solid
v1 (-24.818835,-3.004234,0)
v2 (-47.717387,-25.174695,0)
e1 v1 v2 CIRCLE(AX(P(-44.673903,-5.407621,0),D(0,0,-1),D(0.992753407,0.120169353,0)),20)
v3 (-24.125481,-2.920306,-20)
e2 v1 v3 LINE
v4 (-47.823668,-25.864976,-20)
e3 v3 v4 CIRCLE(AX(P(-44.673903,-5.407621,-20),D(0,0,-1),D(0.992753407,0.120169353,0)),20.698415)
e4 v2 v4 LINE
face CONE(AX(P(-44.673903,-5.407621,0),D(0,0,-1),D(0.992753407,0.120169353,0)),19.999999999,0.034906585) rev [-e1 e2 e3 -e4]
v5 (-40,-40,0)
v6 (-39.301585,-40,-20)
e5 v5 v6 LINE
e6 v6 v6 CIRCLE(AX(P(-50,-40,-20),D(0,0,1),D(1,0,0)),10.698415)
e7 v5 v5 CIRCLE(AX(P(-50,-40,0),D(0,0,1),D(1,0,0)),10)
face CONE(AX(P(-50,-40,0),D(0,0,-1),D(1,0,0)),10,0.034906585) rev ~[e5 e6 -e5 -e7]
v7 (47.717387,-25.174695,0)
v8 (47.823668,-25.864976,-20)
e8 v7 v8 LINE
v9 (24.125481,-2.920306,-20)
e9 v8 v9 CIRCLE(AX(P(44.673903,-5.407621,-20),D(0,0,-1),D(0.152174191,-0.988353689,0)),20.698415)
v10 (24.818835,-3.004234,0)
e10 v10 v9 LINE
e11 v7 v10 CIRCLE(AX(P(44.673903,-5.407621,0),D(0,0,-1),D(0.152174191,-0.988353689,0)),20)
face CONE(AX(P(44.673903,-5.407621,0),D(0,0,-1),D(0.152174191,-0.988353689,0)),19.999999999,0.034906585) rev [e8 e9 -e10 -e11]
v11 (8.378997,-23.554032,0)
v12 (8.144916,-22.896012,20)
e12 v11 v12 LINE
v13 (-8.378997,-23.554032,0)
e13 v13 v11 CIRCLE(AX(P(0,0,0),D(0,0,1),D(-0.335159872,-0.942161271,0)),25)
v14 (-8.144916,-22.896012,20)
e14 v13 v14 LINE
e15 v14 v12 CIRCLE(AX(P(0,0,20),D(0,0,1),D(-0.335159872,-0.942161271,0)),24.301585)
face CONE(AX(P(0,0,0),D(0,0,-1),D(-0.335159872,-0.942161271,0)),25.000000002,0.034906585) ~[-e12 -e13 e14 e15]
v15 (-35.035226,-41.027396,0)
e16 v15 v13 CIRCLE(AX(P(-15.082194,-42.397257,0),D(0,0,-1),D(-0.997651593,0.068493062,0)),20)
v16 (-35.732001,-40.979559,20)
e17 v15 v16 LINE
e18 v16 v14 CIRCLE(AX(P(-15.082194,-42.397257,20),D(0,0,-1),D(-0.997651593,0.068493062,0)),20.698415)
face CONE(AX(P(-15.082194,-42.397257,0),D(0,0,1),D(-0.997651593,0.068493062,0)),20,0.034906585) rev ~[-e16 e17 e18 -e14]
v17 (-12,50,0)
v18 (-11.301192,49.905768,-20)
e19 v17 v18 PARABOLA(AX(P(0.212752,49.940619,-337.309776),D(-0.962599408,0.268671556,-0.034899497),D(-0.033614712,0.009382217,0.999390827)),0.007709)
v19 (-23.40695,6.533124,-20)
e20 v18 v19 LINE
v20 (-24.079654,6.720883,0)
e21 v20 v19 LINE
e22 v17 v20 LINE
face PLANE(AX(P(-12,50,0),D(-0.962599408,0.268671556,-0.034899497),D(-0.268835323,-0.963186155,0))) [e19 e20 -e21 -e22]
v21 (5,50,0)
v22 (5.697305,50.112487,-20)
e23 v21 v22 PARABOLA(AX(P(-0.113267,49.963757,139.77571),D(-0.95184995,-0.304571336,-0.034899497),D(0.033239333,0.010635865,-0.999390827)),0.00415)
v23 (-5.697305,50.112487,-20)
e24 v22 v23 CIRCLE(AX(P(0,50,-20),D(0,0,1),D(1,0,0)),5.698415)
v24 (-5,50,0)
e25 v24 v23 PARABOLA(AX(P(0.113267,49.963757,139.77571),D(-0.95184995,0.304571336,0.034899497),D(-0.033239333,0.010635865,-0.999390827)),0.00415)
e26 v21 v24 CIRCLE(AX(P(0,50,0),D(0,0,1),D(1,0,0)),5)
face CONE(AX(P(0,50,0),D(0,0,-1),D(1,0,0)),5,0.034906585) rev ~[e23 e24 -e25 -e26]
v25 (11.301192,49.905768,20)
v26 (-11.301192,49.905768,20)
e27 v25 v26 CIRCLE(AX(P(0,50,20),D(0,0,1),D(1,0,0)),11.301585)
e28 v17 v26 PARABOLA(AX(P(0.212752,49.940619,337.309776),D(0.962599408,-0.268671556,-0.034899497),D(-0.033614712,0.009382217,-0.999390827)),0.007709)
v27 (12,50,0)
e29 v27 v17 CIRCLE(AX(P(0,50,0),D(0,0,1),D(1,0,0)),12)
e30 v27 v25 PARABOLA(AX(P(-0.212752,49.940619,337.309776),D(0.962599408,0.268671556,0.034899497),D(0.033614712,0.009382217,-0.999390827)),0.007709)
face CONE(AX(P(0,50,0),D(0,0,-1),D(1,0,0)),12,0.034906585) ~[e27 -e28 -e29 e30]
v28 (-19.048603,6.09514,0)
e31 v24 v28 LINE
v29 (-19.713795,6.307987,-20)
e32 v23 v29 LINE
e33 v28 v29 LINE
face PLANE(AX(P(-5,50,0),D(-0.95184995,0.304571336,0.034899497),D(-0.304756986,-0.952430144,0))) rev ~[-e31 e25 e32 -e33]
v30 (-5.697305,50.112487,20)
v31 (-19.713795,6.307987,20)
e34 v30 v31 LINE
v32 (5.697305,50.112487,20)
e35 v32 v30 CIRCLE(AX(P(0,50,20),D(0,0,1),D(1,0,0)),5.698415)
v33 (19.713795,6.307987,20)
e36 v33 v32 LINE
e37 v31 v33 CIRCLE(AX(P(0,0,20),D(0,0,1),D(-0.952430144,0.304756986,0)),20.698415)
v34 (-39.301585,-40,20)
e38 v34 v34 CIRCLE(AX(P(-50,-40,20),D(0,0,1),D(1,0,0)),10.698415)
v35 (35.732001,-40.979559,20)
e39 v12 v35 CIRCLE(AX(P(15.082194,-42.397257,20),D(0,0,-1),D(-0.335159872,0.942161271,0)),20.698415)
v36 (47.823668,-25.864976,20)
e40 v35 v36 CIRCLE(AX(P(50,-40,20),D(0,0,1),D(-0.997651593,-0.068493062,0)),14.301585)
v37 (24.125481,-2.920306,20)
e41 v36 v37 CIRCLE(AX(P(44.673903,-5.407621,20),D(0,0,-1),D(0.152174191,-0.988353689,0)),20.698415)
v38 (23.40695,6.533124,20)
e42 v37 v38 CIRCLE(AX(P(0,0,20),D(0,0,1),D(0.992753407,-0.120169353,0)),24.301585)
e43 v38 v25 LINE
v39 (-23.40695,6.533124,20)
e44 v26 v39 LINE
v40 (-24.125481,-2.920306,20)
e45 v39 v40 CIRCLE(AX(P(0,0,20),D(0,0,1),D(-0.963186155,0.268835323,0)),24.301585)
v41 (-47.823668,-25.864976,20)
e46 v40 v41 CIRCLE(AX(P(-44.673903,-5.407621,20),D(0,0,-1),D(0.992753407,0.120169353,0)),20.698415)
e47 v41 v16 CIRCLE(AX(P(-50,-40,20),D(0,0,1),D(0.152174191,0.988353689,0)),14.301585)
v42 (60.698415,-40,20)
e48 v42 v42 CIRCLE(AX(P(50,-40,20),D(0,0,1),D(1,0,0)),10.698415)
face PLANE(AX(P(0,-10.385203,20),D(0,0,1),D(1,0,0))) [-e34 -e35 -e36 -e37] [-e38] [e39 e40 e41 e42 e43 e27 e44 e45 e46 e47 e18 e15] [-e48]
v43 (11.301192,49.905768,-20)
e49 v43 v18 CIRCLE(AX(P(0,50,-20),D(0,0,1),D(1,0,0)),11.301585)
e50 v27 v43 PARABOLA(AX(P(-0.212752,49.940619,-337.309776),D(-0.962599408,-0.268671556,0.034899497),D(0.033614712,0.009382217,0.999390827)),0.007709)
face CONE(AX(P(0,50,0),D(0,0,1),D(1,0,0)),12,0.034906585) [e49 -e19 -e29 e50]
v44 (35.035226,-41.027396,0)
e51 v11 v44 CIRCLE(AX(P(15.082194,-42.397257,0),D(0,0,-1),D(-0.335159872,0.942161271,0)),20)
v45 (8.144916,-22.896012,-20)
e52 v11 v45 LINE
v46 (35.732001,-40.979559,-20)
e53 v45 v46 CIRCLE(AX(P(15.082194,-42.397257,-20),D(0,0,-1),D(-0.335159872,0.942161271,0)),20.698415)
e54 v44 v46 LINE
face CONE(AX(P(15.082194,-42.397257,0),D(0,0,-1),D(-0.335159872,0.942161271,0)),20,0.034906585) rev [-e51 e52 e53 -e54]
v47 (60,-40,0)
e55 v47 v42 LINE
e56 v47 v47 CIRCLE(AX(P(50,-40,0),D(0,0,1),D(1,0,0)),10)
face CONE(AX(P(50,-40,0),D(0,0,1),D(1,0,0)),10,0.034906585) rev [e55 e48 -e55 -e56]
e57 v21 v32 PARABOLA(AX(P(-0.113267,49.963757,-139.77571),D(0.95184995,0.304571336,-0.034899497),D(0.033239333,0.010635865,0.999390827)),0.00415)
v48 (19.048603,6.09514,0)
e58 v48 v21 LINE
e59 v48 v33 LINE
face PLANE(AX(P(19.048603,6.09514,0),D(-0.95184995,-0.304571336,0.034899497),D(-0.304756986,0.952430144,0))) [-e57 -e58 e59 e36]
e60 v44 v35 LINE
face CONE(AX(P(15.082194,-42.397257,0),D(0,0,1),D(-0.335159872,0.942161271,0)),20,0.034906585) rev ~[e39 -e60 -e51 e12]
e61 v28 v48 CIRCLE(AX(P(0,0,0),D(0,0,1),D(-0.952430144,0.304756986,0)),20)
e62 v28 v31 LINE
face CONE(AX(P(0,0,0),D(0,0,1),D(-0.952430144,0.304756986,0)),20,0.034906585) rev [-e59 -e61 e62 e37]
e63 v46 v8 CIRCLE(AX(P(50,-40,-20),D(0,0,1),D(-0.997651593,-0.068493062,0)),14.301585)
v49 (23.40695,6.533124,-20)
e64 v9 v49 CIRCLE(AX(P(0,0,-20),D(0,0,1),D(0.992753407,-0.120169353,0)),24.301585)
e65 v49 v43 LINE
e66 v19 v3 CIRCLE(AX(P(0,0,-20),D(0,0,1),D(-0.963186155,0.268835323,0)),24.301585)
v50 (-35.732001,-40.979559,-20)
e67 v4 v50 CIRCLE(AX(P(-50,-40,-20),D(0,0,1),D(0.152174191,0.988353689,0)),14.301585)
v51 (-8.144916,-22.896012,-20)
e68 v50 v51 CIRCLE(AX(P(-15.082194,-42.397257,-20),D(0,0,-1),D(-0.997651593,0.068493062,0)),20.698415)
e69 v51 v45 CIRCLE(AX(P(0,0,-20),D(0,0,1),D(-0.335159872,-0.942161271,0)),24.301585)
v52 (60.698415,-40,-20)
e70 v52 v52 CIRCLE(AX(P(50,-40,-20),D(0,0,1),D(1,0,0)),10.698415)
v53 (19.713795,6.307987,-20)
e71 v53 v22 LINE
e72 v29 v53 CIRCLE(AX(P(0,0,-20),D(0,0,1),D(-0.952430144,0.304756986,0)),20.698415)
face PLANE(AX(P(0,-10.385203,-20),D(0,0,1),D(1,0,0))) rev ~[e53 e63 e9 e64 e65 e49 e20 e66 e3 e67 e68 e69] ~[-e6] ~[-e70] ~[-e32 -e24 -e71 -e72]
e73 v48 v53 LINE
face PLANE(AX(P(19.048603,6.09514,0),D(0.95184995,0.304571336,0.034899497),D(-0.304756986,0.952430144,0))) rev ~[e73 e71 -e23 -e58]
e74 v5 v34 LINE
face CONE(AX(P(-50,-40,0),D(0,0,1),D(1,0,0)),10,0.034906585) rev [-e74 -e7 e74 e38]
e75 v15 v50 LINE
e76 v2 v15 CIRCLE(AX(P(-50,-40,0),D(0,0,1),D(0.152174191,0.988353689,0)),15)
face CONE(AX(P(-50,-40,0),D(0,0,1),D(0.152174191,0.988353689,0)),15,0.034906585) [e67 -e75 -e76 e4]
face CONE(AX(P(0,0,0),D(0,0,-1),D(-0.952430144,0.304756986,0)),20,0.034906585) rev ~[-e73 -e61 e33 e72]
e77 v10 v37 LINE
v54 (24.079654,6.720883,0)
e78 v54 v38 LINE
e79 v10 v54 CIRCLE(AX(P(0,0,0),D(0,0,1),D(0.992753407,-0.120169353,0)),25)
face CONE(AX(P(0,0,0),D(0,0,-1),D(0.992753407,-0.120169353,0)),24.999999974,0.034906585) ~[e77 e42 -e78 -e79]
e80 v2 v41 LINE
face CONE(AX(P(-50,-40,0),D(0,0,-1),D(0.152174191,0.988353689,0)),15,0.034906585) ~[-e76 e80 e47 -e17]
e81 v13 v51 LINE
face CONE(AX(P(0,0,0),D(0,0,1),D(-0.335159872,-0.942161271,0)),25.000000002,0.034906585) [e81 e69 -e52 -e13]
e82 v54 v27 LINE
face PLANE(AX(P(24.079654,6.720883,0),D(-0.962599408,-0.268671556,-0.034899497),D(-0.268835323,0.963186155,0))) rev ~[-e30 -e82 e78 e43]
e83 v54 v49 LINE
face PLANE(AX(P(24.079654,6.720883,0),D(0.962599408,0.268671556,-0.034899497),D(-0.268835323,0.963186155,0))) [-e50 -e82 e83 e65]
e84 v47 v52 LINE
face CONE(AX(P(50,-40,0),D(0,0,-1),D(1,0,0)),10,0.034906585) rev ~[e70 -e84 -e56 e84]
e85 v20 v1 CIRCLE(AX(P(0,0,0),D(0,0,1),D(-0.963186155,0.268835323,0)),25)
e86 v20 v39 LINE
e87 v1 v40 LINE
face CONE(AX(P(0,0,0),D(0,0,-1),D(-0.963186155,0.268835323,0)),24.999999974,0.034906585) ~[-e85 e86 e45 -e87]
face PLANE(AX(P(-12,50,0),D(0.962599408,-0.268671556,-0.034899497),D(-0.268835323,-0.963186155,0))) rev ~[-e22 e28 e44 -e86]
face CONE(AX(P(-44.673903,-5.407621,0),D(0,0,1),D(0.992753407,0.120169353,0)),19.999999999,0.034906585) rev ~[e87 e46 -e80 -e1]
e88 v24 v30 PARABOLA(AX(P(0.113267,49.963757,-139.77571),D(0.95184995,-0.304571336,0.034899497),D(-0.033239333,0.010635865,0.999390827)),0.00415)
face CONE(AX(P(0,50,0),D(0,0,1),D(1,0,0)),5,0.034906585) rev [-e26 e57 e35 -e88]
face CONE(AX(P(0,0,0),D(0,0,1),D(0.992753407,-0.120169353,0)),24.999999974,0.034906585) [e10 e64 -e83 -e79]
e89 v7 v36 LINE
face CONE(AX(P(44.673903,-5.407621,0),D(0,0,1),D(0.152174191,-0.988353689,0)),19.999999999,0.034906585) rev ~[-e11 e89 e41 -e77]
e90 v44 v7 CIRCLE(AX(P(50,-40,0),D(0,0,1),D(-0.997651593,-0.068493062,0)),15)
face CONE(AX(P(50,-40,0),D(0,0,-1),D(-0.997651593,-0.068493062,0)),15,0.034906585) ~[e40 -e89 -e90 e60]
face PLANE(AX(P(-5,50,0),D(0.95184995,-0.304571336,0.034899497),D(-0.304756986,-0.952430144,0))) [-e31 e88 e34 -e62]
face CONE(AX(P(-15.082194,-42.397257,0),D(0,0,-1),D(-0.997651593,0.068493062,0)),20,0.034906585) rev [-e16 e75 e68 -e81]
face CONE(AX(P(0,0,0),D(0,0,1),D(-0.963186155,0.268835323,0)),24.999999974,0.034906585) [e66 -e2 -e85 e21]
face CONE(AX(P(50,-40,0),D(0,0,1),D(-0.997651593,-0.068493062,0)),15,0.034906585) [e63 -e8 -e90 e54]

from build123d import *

# Parameters (mm, degrees)
SKETCH1_R                     = 10
BOSS_EXTRUDE1_DEPTH           = 20
BOSS_EXTRUDE1_DRAFT           = 2
BOSS_EXTRUDE1_OTHER_WAY_DEPTH = 20
BOSS_EXTRUDE1_OTHER_WAY_DRAFT = -2


with BuildPart() as part:
    # Sketch1 → Boss-Extrude1 (with draft: the straight prism first)
    with BuildSketch(Plane.XY):
        with BuildLine():
            Line((-12, 50), (-24.079653875, 6.72088307))
            ThreePointArc((-24.079653875, 6.72088307), (-24.928097247, 1.894721), (-24.81883517, -3.004233816))
            ThreePointArc((-24.81883517, -3.004233816), (-30.762049538, -19.776348187), (-47.717387131, -25.174694658))
            ThreePointArc((-47.717387131, -25.174694658), (-61.713032142, -49.370425713), (-35.03522611, -41.027395935))
            ThreePointArc((-35.03522611, -41.027395935), (-26.046643252, -25.670606045), (-8.378996809, -23.554031767))
            ThreePointArc((-8.378996809, -23.554031767), (0, -25), (8.378996809, -23.554031767))
            ThreePointArc((8.378996809, -23.554031767), (26.046643252, -25.670606045), (35.03522611, -41.027395935))
            ThreePointArc((35.03522611, -41.027395935), (61.713032142, -49.370425713), (47.717387131, -25.174694658))
            ThreePointArc((47.717387131, -25.174694658), (30.762049538, -19.776348187), (24.81883517, -3.004233816))
            ThreePointArc((24.81883517, -3.004233816), (24.928097247, 1.894721), (24.079653875, 6.72088307))
            Line((24.079653875, 6.72088307), (12, 50))
            ThreePointArc((12, 50), (0, 62), (-12, 50))
        make_face()
        with Locations((50, -40)):
            Circle(SKETCH1_R, mode=Mode.SUBTRACT)
        with Locations((-50, -40)):
            Circle(SKETCH1_R, mode=Mode.SUBTRACT)
        with BuildLine():
            ThreePointArc((5, 50), (0, 55), (-5, 50))
            Line((-5, 50), (-19.048602886, 6.095139711))
            ThreePointArc((-19.048602886, 6.095139711), (0, -20), (19.048602886, 6.095139711))
            Line((19.048602886, 6.095139711), (5, 50))
        make_face(mode=Mode.SUBTRACT)
    extrude(amount=BOSS_EXTRUDE1_DEPTH)
    # Boss-Extrude1: the draft: its side faces are tilted about the plane it starts from
    boss_extrude1_sides = [part.faces().sort_by_distance(p)[0] for p in [
        (24.928097247, 1.894721, 10),
        (18.039826938, 28.360441535, 10),
        (0, 62, 10),
        (-18.039826938, 28.360441535, 10),
        (-24.928097247, 1.894721, 10),
        (-30.762049538, -19.776348187, 10),
        (-61.713032142, -49.370425713, 10),
        (-26.046643252, -25.670606045, 10),
        (0, -25, 10),
        (26.046643252, -25.670606045, 10),
        (61.713032142, -49.370425713, 10),
        (30.762049538, -19.776348187, 10),
        (40, -40, 10),
        (-60, -40, 10),
        (0, -20, 10),
        (-12.024301443, 28.047569856, 10),
        (0, 55, 10),
        (12.024301443, 28.047569856, 10),
    ]]
    draft(boss_extrude1_sides, Plane.XY, BOSS_EXTRUDE1_DRAFT)


with BuildPart() as boss_extrude1_other_way_tool:
    # Sketch1 → Boss-Extrude1 other way (with draft: the straight prism first)
    with BuildSketch(Plane.XY):
        with BuildLine():
            Line((-12, 50), (-24.079653875, 6.72088307))
            ThreePointArc((-24.079653875, 6.72088307), (-24.928097247, 1.894721), (-24.81883517, -3.004233816))
            ThreePointArc((-24.81883517, -3.004233816), (-30.762049538, -19.776348187), (-47.717387131, -25.174694658))
            ThreePointArc((-47.717387131, -25.174694658), (-61.713032142, -49.370425713), (-35.03522611, -41.027395935))
            ThreePointArc((-35.03522611, -41.027395935), (-26.046643252, -25.670606045), (-8.378996809, -23.554031767))
            ThreePointArc((-8.378996809, -23.554031767), (0, -25), (8.378996809, -23.554031767))
            ThreePointArc((8.378996809, -23.554031767), (26.046643252, -25.670606045), (35.03522611, -41.027395935))
            ThreePointArc((35.03522611, -41.027395935), (61.713032142, -49.370425713), (47.717387131, -25.174694658))
            ThreePointArc((47.717387131, -25.174694658), (30.762049538, -19.776348187), (24.81883517, -3.004233816))
            ThreePointArc((24.81883517, -3.004233816), (24.928097247, 1.894721), (24.079653875, 6.72088307))
            Line((24.079653875, 6.72088307), (12, 50))
            ThreePointArc((12, 50), (0, 62), (-12, 50))
        make_face()
        with Locations((50, -40)):
            Circle(SKETCH1_R, mode=Mode.SUBTRACT)
        with Locations((-50, -40)):
            Circle(SKETCH1_R, mode=Mode.SUBTRACT)
        with BuildLine():
            ThreePointArc((5, 50), (0, 55), (-5, 50))
            Line((-5, 50), (-19.048602886, 6.095139711))
            ThreePointArc((-19.048602886, 6.095139711), (0, -20), (19.048602886, 6.095139711))
            Line((19.048602886, 6.095139711), (5, 50))
        make_face(mode=Mode.SUBTRACT)
    extrude(amount=-BOSS_EXTRUDE1_OTHER_WAY_DEPTH)
    # Boss-Extrude1 other way: the draft: its side faces are tilted about the plane it starts from
    boss_extrude1_other_way_sides = [boss_extrude1_other_way_tool.faces().sort_by_distance(p)[0] for p in [
        (24.928097247, 1.894721, -10),
        (18.039826938, 28.360441535, -10),
        (0, 62, -10),
        (-18.039826938, 28.360441535, -10),
        (-24.928097247, 1.894721, -10),
        (-30.762049538, -19.776348187, -10),
        (-61.713032142, -49.370425713, -10),
        (-26.046643252, -25.670606045, -10),
        (0, -25, -10),
        (26.046643252, -25.670606045, -10),
        (61.713032142, -49.370425713, -10),
        (30.762049538, -19.776348187, -10),
        (40, -40, -10),
        (-60, -40, -10),
        (0, -20, -10),
        (-12.024301443, 28.047569856, -10),
        (0, 55, -10),
        (12.024301443, 28.047569856, -10),
    ]]
    draft(boss_extrude1_other_way_sides, Plane.XY, BOSS_EXTRUDE1_OTHER_WAY_DRAFT)


with BuildPart() as part_1:
    add(part.part)

    # Boss-Extrude1 other way: add boss_extrude1_other_way_tool
    add(boss_extrude1_other_way_tool.part)


solid = part_1.part
